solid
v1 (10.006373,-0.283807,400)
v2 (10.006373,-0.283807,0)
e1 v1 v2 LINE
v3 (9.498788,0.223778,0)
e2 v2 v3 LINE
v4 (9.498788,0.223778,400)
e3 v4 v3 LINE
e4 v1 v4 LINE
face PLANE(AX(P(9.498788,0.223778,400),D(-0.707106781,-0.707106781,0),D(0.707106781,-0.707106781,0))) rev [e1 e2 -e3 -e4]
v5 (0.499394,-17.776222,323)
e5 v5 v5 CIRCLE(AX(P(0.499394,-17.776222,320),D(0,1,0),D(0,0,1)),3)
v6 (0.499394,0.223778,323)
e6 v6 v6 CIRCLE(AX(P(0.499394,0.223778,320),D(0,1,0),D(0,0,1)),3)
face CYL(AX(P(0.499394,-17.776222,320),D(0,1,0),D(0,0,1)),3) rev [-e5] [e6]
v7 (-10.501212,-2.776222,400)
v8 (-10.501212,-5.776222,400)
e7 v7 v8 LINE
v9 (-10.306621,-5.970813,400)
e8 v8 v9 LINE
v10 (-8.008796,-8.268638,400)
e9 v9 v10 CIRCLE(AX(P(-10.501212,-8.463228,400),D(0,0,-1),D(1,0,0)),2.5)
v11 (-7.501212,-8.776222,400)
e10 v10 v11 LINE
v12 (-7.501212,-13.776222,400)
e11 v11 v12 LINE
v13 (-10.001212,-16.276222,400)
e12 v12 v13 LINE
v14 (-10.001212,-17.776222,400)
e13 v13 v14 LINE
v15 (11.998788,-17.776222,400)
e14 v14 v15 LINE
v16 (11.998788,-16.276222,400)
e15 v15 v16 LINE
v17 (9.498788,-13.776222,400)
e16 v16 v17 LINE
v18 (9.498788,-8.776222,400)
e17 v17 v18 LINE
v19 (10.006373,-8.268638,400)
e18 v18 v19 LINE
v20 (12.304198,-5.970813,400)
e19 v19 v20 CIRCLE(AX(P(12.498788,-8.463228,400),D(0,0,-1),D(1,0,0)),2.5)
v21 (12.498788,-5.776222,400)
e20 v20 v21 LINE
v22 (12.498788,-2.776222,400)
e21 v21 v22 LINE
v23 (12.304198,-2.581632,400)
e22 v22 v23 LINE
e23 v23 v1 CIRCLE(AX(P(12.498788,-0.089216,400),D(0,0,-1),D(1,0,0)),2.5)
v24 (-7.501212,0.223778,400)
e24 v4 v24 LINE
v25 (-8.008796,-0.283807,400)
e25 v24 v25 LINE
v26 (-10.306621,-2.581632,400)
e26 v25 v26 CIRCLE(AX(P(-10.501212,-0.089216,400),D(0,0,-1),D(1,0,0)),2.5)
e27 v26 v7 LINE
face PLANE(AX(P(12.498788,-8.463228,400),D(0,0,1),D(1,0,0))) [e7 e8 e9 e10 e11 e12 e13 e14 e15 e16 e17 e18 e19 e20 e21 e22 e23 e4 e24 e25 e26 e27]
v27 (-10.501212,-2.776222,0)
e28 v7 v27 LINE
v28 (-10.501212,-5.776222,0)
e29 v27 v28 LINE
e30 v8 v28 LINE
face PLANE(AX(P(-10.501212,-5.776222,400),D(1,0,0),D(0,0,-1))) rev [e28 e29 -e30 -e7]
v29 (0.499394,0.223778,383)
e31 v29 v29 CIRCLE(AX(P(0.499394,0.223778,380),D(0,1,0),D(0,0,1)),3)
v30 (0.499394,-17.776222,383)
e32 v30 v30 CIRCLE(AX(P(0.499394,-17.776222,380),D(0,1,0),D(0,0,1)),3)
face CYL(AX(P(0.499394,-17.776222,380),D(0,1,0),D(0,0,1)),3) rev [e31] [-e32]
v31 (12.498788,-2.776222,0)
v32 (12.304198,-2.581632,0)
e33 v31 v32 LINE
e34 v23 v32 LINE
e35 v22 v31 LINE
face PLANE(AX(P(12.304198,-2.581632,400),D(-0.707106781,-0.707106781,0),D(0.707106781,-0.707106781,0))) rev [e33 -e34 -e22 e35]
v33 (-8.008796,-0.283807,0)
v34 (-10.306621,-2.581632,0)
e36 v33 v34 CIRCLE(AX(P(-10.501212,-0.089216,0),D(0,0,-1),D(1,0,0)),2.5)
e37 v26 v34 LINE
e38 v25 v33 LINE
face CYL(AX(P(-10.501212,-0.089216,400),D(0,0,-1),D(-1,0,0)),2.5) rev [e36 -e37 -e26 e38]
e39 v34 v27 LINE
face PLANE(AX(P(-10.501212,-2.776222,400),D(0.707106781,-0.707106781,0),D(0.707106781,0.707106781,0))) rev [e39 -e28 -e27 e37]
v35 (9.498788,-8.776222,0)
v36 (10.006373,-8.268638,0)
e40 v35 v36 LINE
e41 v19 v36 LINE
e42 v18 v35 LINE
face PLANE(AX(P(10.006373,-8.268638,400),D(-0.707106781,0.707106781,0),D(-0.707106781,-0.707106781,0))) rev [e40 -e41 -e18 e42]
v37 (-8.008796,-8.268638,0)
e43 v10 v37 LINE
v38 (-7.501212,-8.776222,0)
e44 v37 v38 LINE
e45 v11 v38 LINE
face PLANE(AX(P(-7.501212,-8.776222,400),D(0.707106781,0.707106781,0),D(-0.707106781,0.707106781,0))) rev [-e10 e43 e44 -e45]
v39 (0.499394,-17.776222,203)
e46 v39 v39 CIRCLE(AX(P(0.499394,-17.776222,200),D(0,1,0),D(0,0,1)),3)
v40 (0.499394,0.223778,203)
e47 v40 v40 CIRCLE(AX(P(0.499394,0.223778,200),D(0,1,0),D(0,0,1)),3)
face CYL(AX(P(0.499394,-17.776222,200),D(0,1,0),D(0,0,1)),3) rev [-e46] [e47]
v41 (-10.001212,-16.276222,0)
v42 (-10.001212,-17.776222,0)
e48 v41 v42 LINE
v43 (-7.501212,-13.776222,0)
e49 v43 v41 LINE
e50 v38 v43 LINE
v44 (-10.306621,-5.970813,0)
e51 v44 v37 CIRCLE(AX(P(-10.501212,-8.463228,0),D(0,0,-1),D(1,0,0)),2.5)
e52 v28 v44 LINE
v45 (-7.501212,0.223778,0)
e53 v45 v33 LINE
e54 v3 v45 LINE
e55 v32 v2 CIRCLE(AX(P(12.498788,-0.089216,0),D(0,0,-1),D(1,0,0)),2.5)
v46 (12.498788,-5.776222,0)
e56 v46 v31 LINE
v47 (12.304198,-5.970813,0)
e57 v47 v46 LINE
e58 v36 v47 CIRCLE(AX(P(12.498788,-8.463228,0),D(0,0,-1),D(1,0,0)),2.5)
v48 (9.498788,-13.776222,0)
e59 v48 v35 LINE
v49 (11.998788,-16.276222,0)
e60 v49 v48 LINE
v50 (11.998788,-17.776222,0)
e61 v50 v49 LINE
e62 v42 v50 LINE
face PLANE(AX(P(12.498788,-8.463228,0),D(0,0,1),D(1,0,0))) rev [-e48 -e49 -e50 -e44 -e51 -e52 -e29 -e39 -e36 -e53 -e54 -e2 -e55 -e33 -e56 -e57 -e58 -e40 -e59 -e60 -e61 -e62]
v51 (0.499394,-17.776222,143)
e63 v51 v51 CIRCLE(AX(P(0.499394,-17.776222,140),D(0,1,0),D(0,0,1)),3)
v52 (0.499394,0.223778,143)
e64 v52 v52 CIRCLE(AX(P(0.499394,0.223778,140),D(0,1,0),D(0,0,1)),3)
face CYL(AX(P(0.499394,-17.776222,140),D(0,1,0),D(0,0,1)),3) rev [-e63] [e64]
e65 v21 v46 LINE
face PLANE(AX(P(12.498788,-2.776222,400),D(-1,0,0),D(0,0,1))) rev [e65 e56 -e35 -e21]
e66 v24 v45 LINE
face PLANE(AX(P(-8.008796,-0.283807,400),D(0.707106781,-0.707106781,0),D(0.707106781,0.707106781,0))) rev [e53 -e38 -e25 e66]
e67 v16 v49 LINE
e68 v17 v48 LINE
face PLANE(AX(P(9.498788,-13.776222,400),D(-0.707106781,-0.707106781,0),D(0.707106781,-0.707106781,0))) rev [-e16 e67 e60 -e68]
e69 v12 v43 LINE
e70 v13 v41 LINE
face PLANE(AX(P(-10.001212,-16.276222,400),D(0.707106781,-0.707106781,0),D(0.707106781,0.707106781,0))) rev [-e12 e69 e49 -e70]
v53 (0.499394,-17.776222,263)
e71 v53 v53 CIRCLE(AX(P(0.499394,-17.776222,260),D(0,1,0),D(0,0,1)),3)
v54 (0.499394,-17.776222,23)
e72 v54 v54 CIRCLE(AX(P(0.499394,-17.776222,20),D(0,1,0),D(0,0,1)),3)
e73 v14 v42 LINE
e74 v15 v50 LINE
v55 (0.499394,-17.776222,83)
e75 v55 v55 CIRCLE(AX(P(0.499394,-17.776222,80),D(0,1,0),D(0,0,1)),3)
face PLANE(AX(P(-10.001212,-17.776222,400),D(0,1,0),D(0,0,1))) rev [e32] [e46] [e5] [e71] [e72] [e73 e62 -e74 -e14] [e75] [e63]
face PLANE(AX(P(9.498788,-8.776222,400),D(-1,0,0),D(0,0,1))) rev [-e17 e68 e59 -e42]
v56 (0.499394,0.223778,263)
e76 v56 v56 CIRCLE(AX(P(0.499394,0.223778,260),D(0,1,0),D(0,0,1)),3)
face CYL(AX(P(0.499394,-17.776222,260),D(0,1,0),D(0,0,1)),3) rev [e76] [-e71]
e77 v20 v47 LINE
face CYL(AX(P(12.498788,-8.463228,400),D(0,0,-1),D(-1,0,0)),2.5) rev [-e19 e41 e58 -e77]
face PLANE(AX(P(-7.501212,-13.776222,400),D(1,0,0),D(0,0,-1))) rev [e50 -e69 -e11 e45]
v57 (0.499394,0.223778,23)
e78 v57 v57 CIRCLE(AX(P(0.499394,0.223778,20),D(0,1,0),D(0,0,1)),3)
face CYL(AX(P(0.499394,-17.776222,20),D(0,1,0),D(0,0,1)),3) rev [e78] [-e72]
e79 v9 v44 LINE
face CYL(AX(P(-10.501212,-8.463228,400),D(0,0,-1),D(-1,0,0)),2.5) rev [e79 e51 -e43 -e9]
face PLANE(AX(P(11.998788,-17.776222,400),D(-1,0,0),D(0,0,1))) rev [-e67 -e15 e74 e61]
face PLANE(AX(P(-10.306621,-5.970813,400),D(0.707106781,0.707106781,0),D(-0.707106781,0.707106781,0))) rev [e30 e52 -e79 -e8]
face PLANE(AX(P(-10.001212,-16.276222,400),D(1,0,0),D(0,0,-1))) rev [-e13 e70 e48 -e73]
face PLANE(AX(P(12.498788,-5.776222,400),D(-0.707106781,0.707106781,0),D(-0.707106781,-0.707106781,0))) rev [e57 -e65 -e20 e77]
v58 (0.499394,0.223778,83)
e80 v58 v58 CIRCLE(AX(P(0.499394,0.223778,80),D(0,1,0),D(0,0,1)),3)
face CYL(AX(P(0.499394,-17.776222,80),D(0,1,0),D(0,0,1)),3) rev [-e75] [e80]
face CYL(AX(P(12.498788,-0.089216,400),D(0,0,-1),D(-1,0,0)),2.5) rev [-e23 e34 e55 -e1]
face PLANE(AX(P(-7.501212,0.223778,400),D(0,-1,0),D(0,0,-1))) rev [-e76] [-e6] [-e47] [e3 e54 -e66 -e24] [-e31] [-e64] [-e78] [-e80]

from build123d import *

# Parameters (mm, degrees)
ESTRUSIONE_ESTRUSIONE1_DEPTH      = 400
SCHIZZO2_R                        = 3
TAGLIO_ESTRUSIONE1_DEPTH          = 19
RIPETIZIONE_A_L1_COUNT            = 4
RIPETIZIONE_A_L1_PITCH            = 60
RIPETIZIONE_A_L2_COPY_1_SKETCH_R  = 3
RIPETIZIONE_A_L2_COPY_1_DEPTH     = 19
RIPETIZIONE_A_L2_COPY_2_SKETCH_R  = 3
RIPETIZIONE_A_L2_COPY_2_DEPTH     = 19
RIPETIZIONE_A_L2_COPY_3_SKETCH_R  = 3
RIPETIZIONE_A_L2_COPY_3_DEPTH     = 19
RIPETIZIONE_A_L2_COPY_4_SKETCH_R  = 3
RIPETIZIONE_A_L2_COPY_4_DEPTH     = 19
RIPETIZIONE_A_L2_COPY_5_SKETCH_R  = 3
RIPETIZIONE_A_L2_COPY_5_DEPTH     = 19
RIPETIZIONE_A_L2_COPY_6_SKETCH_R  = 3
RIPETIZIONE_A_L2_COPY_6_DEPTH     = 19
RIPETIZIONE_A_L2_COPY_7_SKETCH_R  = 3
RIPETIZIONE_A_L2_COPY_7_DEPTH     = 19
RIPETIZIONE_A_L2_COPY_8_SKETCH_R  = 3
RIPETIZIONE_A_L2_COPY_8_DEPTH     = 19
RIPETIZIONE_A_L2_COPY_9_SKETCH_R  = 3
RIPETIZIONE_A_L2_COPY_9_DEPTH     = 19
RIPETIZIONE_A_L2_COPY_10_SKETCH_R = 3
RIPETIZIONE_A_L2_COPY_10_DEPTH    = 19
RIPETIZIONE_A_L2_COPY_11_SKETCH_R = 3
RIPETIZIONE_A_L2_COPY_11_DEPTH    = 19
RIPETIZIONE_A_L2_COPY_12_SKETCH_R = 3
RIPETIZIONE_A_L2_COPY_12_DEPTH    = 19


with BuildPart() as part:
    # Schizzo1 → Estrusione-Estrusione1 (new body)
    with BuildSketch(Plane.XY):
        with BuildLine():
            Line((-10.001211602, -16.276222172), (-7.501211602, -13.776222172))
            Line((-7.501211602, -13.776222172), (-7.501211602, -8.776222172))
            Line((-7.501211602, -8.776222172), (-8.008796188, -8.268637585))
            ThreePointArc((-8.008796188, -8.268637585), (-8.733444649, -6.695460987), (-10.306621247, -5.970812526))
            Line((-10.306621247, -5.970812526), (-10.501211602, -5.776222172))
            Line((-10.501211602, -5.776222172), (-10.501211602, -2.776222172))
            Line((-10.501211602, -2.776222172), (-10.306621247, -2.581631817))
            ThreePointArc((-10.306621247, -2.581631817), (-8.733444649, -1.856983356), (-8.008796188, -0.283806758))
            Line((-8.008796188, -0.283806758), (-7.501211602, 0.223777828))
            Line((-7.501211602, 0.223777828), (9.498788398, 0.223777828))
            Line((9.498788398, 0.223777828), (10.006372984, -0.283806758))
            ThreePointArc((10.006372984, -0.283806758), (10.731021445, -1.856983356), (12.304198043, -2.581631817))
            Line((12.304198043, -2.581631817), (12.498788398, -2.776222172))
            Line((12.498788398, -2.776222172), (12.498788398, -5.776222172))
            Line((12.498788398, -5.776222172), (12.304198043, -5.970812526))
            ThreePointArc((12.304198043, -5.970812526), (10.731021445, -6.695460987), (10.006372984, -8.268637585))
            Line((10.006372984, -8.268637585), (9.498788398, -8.776222172))
            Line((9.498788398, -8.776222172), (9.498788398, -13.776222172))
            Line((9.498788398, -13.776222172), (11.998788398, -16.276222172))
            Line((11.998788398, -16.276222172), (11.998788398, -17.776222172))
            Line((11.998788398, -17.776222172), (-10.001211602, -17.776222172))
            Line((-10.001211602, -17.776222172), (-10.001211602, -16.276222172))
        make_face()
    extrude(amount=ESTRUSIONE_ESTRUSIONE1_DEPTH)

    # Schizzo2 → Taglio-Estrusione1 (cut, through all)
    with BuildSketch(Plane(origin=(0, 0.223777828, 0), x_dir=(1, 0, 0), z_dir=(0, 1, 0))):
        with Locations((0.499394199, -200)):
            Circle(SCHIZZO2_R)
    taglio_estrusione1 = extrude(amount=-TAGLIO_ESTRUSIONE1_DEPTH, mode=Mode.SUBTRACT)

    # Ripetizione a L1: Taglio-Estrusione1 ×4
    with Locations(*[(0, 0, i * RIPETIZIONE_A_L1_PITCH) for i in range(1, RIPETIZIONE_A_L1_COUNT)]):
        add(taglio_estrusione1, mode=Mode.SUBTRACT)

    # Ripetizione a L2 copy 1 sketch → Ripetizione a L2 copy 1 (cut, through all)
    with BuildSketch(Plane(origin=(0, 0.223777828, 0), x_dir=(1, 0, 0), z_dir=(0, 1, 0))):
        with Locations((0.499394199, -200)):
            Circle(RIPETIZIONE_A_L2_COPY_1_SKETCH_R)
    extrude(amount=-RIPETIZIONE_A_L2_COPY_1_DEPTH, mode=Mode.SUBTRACT)

    # Ripetizione a L2 copy 2 sketch → Ripetizione a L2 copy 2 (cut, through all)
    with BuildSketch(Plane(origin=(0, 0.223777828, -60), x_dir=(1, 0, 0), z_dir=(0, 1, 0))):
        with Locations((0.499394199, -200)):
            Circle(RIPETIZIONE_A_L2_COPY_2_SKETCH_R)
    extrude(amount=-RIPETIZIONE_A_L2_COPY_2_DEPTH, mode=Mode.SUBTRACT)

    # Ripetizione a L2 copy 3 sketch → Ripetizione a L2 copy 3 (cut, through all)
    with BuildSketch(Plane(origin=(0, 0.223777828, -120), x_dir=(1, 0, 0), z_dir=(0, 1, 0))):
        with Locations((0.499394199, -200)):
            Circle(RIPETIZIONE_A_L2_COPY_3_SKETCH_R)
    extrude(amount=-RIPETIZIONE_A_L2_COPY_3_DEPTH, mode=Mode.SUBTRACT)

    # Ripetizione a L2 copy 4 sketch → Ripetizione a L2 copy 4 (cut, through all)
    with BuildSketch(Plane(origin=(0, 0.223777828, 60), x_dir=(1, 0, 0), z_dir=(0, 1, 0))):
        with Locations((0.499394199, -200)):
            Circle(RIPETIZIONE_A_L2_COPY_4_SKETCH_R)
    extrude(amount=-RIPETIZIONE_A_L2_COPY_4_DEPTH, mode=Mode.SUBTRACT)

    # Ripetizione a L2 copy 5 sketch → Ripetizione a L2 copy 5 (cut, through all)
    with BuildSketch(Plane(origin=(0, 0.223777828, 0), x_dir=(1, 0, 0), z_dir=(0, 1, 0))):
        with Locations((0.499394199, -200)):
            Circle(RIPETIZIONE_A_L2_COPY_5_SKETCH_R)
    extrude(amount=-RIPETIZIONE_A_L2_COPY_5_DEPTH, mode=Mode.SUBTRACT)

    # Ripetizione a L2 copy 6 sketch → Ripetizione a L2 copy 6 (cut, through all)
    with BuildSketch(Plane(origin=(0, 0.223777828, -60), x_dir=(1, 0, 0), z_dir=(0, 1, 0))):
        with Locations((0.499394199, -200)):
            Circle(RIPETIZIONE_A_L2_COPY_6_SKETCH_R)
    extrude(amount=-RIPETIZIONE_A_L2_COPY_6_DEPTH, mode=Mode.SUBTRACT)

    # Ripetizione a L2 copy 7 sketch → Ripetizione a L2 copy 7 (cut, through all)
    with BuildSketch(Plane(origin=(0, 0.223777828, 120), x_dir=(1, 0, 0), z_dir=(0, 1, 0))):
        with Locations((0.499394199, -200)):
            Circle(RIPETIZIONE_A_L2_COPY_7_SKETCH_R)
    extrude(amount=-RIPETIZIONE_A_L2_COPY_7_DEPTH, mode=Mode.SUBTRACT)

    # Ripetizione a L2 copy 8 sketch → Ripetizione a L2 copy 8 (cut, through all)
    with BuildSketch(Plane(origin=(0, 0.223777828, 60), x_dir=(1, 0, 0), z_dir=(0, 1, 0))):
        with Locations((0.499394199, -200)):
            Circle(RIPETIZIONE_A_L2_COPY_8_SKETCH_R)
    extrude(amount=-RIPETIZIONE_A_L2_COPY_8_DEPTH, mode=Mode.SUBTRACT)

    # Ripetizione a L2 copy 9 sketch → Ripetizione a L2 copy 9 (cut, through all)
    with BuildSketch(Plane(origin=(0, 0.223777828, 0), x_dir=(1, 0, 0), z_dir=(0, 1, 0))):
        with Locations((0.499394199, -200)):
            Circle(RIPETIZIONE_A_L2_COPY_9_SKETCH_R)
    extrude(amount=-RIPETIZIONE_A_L2_COPY_9_DEPTH, mode=Mode.SUBTRACT)

    # Ripetizione a L2 copy 10 sketch → Ripetizione a L2 copy 10 (cut, through all)
    with BuildSketch(Plane(origin=(0, 0.223777828, -60), x_dir=(1, 0, 0), z_dir=(0, 1, 0))):
        with Locations((0.499394199, -200)):
            Circle(RIPETIZIONE_A_L2_COPY_10_SKETCH_R)
    extrude(amount=-RIPETIZIONE_A_L2_COPY_10_DEPTH, mode=Mode.SUBTRACT)

    # Ripetizione a L2 copy 11 sketch → Ripetizione a L2 copy 11 (cut, through all)
    with BuildSketch(Plane(origin=(0, 0.223777828, -120), x_dir=(1, 0, 0), z_dir=(0, 1, 0))):
        with Locations((0.499394199, -200)):
            Circle(RIPETIZIONE_A_L2_COPY_11_SKETCH_R)
    extrude(amount=-RIPETIZIONE_A_L2_COPY_11_DEPTH, mode=Mode.SUBTRACT)

    # Ripetizione a L2 copy 12 sketch → Ripetizione a L2 copy 12 (cut, through all)
    with BuildSketch(Plane(origin=(0, 0.223777828, -180), x_dir=(1, 0, 0), z_dir=(0, 1, 0))):
        with Locations((0.499394199, -200)):
            Circle(RIPETIZIONE_A_L2_COPY_12_SKETCH_R)
    extrude(amount=-RIPETIZIONE_A_L2_COPY_12_DEPTH, mode=Mode.SUBTRACT)


solid = part.part
